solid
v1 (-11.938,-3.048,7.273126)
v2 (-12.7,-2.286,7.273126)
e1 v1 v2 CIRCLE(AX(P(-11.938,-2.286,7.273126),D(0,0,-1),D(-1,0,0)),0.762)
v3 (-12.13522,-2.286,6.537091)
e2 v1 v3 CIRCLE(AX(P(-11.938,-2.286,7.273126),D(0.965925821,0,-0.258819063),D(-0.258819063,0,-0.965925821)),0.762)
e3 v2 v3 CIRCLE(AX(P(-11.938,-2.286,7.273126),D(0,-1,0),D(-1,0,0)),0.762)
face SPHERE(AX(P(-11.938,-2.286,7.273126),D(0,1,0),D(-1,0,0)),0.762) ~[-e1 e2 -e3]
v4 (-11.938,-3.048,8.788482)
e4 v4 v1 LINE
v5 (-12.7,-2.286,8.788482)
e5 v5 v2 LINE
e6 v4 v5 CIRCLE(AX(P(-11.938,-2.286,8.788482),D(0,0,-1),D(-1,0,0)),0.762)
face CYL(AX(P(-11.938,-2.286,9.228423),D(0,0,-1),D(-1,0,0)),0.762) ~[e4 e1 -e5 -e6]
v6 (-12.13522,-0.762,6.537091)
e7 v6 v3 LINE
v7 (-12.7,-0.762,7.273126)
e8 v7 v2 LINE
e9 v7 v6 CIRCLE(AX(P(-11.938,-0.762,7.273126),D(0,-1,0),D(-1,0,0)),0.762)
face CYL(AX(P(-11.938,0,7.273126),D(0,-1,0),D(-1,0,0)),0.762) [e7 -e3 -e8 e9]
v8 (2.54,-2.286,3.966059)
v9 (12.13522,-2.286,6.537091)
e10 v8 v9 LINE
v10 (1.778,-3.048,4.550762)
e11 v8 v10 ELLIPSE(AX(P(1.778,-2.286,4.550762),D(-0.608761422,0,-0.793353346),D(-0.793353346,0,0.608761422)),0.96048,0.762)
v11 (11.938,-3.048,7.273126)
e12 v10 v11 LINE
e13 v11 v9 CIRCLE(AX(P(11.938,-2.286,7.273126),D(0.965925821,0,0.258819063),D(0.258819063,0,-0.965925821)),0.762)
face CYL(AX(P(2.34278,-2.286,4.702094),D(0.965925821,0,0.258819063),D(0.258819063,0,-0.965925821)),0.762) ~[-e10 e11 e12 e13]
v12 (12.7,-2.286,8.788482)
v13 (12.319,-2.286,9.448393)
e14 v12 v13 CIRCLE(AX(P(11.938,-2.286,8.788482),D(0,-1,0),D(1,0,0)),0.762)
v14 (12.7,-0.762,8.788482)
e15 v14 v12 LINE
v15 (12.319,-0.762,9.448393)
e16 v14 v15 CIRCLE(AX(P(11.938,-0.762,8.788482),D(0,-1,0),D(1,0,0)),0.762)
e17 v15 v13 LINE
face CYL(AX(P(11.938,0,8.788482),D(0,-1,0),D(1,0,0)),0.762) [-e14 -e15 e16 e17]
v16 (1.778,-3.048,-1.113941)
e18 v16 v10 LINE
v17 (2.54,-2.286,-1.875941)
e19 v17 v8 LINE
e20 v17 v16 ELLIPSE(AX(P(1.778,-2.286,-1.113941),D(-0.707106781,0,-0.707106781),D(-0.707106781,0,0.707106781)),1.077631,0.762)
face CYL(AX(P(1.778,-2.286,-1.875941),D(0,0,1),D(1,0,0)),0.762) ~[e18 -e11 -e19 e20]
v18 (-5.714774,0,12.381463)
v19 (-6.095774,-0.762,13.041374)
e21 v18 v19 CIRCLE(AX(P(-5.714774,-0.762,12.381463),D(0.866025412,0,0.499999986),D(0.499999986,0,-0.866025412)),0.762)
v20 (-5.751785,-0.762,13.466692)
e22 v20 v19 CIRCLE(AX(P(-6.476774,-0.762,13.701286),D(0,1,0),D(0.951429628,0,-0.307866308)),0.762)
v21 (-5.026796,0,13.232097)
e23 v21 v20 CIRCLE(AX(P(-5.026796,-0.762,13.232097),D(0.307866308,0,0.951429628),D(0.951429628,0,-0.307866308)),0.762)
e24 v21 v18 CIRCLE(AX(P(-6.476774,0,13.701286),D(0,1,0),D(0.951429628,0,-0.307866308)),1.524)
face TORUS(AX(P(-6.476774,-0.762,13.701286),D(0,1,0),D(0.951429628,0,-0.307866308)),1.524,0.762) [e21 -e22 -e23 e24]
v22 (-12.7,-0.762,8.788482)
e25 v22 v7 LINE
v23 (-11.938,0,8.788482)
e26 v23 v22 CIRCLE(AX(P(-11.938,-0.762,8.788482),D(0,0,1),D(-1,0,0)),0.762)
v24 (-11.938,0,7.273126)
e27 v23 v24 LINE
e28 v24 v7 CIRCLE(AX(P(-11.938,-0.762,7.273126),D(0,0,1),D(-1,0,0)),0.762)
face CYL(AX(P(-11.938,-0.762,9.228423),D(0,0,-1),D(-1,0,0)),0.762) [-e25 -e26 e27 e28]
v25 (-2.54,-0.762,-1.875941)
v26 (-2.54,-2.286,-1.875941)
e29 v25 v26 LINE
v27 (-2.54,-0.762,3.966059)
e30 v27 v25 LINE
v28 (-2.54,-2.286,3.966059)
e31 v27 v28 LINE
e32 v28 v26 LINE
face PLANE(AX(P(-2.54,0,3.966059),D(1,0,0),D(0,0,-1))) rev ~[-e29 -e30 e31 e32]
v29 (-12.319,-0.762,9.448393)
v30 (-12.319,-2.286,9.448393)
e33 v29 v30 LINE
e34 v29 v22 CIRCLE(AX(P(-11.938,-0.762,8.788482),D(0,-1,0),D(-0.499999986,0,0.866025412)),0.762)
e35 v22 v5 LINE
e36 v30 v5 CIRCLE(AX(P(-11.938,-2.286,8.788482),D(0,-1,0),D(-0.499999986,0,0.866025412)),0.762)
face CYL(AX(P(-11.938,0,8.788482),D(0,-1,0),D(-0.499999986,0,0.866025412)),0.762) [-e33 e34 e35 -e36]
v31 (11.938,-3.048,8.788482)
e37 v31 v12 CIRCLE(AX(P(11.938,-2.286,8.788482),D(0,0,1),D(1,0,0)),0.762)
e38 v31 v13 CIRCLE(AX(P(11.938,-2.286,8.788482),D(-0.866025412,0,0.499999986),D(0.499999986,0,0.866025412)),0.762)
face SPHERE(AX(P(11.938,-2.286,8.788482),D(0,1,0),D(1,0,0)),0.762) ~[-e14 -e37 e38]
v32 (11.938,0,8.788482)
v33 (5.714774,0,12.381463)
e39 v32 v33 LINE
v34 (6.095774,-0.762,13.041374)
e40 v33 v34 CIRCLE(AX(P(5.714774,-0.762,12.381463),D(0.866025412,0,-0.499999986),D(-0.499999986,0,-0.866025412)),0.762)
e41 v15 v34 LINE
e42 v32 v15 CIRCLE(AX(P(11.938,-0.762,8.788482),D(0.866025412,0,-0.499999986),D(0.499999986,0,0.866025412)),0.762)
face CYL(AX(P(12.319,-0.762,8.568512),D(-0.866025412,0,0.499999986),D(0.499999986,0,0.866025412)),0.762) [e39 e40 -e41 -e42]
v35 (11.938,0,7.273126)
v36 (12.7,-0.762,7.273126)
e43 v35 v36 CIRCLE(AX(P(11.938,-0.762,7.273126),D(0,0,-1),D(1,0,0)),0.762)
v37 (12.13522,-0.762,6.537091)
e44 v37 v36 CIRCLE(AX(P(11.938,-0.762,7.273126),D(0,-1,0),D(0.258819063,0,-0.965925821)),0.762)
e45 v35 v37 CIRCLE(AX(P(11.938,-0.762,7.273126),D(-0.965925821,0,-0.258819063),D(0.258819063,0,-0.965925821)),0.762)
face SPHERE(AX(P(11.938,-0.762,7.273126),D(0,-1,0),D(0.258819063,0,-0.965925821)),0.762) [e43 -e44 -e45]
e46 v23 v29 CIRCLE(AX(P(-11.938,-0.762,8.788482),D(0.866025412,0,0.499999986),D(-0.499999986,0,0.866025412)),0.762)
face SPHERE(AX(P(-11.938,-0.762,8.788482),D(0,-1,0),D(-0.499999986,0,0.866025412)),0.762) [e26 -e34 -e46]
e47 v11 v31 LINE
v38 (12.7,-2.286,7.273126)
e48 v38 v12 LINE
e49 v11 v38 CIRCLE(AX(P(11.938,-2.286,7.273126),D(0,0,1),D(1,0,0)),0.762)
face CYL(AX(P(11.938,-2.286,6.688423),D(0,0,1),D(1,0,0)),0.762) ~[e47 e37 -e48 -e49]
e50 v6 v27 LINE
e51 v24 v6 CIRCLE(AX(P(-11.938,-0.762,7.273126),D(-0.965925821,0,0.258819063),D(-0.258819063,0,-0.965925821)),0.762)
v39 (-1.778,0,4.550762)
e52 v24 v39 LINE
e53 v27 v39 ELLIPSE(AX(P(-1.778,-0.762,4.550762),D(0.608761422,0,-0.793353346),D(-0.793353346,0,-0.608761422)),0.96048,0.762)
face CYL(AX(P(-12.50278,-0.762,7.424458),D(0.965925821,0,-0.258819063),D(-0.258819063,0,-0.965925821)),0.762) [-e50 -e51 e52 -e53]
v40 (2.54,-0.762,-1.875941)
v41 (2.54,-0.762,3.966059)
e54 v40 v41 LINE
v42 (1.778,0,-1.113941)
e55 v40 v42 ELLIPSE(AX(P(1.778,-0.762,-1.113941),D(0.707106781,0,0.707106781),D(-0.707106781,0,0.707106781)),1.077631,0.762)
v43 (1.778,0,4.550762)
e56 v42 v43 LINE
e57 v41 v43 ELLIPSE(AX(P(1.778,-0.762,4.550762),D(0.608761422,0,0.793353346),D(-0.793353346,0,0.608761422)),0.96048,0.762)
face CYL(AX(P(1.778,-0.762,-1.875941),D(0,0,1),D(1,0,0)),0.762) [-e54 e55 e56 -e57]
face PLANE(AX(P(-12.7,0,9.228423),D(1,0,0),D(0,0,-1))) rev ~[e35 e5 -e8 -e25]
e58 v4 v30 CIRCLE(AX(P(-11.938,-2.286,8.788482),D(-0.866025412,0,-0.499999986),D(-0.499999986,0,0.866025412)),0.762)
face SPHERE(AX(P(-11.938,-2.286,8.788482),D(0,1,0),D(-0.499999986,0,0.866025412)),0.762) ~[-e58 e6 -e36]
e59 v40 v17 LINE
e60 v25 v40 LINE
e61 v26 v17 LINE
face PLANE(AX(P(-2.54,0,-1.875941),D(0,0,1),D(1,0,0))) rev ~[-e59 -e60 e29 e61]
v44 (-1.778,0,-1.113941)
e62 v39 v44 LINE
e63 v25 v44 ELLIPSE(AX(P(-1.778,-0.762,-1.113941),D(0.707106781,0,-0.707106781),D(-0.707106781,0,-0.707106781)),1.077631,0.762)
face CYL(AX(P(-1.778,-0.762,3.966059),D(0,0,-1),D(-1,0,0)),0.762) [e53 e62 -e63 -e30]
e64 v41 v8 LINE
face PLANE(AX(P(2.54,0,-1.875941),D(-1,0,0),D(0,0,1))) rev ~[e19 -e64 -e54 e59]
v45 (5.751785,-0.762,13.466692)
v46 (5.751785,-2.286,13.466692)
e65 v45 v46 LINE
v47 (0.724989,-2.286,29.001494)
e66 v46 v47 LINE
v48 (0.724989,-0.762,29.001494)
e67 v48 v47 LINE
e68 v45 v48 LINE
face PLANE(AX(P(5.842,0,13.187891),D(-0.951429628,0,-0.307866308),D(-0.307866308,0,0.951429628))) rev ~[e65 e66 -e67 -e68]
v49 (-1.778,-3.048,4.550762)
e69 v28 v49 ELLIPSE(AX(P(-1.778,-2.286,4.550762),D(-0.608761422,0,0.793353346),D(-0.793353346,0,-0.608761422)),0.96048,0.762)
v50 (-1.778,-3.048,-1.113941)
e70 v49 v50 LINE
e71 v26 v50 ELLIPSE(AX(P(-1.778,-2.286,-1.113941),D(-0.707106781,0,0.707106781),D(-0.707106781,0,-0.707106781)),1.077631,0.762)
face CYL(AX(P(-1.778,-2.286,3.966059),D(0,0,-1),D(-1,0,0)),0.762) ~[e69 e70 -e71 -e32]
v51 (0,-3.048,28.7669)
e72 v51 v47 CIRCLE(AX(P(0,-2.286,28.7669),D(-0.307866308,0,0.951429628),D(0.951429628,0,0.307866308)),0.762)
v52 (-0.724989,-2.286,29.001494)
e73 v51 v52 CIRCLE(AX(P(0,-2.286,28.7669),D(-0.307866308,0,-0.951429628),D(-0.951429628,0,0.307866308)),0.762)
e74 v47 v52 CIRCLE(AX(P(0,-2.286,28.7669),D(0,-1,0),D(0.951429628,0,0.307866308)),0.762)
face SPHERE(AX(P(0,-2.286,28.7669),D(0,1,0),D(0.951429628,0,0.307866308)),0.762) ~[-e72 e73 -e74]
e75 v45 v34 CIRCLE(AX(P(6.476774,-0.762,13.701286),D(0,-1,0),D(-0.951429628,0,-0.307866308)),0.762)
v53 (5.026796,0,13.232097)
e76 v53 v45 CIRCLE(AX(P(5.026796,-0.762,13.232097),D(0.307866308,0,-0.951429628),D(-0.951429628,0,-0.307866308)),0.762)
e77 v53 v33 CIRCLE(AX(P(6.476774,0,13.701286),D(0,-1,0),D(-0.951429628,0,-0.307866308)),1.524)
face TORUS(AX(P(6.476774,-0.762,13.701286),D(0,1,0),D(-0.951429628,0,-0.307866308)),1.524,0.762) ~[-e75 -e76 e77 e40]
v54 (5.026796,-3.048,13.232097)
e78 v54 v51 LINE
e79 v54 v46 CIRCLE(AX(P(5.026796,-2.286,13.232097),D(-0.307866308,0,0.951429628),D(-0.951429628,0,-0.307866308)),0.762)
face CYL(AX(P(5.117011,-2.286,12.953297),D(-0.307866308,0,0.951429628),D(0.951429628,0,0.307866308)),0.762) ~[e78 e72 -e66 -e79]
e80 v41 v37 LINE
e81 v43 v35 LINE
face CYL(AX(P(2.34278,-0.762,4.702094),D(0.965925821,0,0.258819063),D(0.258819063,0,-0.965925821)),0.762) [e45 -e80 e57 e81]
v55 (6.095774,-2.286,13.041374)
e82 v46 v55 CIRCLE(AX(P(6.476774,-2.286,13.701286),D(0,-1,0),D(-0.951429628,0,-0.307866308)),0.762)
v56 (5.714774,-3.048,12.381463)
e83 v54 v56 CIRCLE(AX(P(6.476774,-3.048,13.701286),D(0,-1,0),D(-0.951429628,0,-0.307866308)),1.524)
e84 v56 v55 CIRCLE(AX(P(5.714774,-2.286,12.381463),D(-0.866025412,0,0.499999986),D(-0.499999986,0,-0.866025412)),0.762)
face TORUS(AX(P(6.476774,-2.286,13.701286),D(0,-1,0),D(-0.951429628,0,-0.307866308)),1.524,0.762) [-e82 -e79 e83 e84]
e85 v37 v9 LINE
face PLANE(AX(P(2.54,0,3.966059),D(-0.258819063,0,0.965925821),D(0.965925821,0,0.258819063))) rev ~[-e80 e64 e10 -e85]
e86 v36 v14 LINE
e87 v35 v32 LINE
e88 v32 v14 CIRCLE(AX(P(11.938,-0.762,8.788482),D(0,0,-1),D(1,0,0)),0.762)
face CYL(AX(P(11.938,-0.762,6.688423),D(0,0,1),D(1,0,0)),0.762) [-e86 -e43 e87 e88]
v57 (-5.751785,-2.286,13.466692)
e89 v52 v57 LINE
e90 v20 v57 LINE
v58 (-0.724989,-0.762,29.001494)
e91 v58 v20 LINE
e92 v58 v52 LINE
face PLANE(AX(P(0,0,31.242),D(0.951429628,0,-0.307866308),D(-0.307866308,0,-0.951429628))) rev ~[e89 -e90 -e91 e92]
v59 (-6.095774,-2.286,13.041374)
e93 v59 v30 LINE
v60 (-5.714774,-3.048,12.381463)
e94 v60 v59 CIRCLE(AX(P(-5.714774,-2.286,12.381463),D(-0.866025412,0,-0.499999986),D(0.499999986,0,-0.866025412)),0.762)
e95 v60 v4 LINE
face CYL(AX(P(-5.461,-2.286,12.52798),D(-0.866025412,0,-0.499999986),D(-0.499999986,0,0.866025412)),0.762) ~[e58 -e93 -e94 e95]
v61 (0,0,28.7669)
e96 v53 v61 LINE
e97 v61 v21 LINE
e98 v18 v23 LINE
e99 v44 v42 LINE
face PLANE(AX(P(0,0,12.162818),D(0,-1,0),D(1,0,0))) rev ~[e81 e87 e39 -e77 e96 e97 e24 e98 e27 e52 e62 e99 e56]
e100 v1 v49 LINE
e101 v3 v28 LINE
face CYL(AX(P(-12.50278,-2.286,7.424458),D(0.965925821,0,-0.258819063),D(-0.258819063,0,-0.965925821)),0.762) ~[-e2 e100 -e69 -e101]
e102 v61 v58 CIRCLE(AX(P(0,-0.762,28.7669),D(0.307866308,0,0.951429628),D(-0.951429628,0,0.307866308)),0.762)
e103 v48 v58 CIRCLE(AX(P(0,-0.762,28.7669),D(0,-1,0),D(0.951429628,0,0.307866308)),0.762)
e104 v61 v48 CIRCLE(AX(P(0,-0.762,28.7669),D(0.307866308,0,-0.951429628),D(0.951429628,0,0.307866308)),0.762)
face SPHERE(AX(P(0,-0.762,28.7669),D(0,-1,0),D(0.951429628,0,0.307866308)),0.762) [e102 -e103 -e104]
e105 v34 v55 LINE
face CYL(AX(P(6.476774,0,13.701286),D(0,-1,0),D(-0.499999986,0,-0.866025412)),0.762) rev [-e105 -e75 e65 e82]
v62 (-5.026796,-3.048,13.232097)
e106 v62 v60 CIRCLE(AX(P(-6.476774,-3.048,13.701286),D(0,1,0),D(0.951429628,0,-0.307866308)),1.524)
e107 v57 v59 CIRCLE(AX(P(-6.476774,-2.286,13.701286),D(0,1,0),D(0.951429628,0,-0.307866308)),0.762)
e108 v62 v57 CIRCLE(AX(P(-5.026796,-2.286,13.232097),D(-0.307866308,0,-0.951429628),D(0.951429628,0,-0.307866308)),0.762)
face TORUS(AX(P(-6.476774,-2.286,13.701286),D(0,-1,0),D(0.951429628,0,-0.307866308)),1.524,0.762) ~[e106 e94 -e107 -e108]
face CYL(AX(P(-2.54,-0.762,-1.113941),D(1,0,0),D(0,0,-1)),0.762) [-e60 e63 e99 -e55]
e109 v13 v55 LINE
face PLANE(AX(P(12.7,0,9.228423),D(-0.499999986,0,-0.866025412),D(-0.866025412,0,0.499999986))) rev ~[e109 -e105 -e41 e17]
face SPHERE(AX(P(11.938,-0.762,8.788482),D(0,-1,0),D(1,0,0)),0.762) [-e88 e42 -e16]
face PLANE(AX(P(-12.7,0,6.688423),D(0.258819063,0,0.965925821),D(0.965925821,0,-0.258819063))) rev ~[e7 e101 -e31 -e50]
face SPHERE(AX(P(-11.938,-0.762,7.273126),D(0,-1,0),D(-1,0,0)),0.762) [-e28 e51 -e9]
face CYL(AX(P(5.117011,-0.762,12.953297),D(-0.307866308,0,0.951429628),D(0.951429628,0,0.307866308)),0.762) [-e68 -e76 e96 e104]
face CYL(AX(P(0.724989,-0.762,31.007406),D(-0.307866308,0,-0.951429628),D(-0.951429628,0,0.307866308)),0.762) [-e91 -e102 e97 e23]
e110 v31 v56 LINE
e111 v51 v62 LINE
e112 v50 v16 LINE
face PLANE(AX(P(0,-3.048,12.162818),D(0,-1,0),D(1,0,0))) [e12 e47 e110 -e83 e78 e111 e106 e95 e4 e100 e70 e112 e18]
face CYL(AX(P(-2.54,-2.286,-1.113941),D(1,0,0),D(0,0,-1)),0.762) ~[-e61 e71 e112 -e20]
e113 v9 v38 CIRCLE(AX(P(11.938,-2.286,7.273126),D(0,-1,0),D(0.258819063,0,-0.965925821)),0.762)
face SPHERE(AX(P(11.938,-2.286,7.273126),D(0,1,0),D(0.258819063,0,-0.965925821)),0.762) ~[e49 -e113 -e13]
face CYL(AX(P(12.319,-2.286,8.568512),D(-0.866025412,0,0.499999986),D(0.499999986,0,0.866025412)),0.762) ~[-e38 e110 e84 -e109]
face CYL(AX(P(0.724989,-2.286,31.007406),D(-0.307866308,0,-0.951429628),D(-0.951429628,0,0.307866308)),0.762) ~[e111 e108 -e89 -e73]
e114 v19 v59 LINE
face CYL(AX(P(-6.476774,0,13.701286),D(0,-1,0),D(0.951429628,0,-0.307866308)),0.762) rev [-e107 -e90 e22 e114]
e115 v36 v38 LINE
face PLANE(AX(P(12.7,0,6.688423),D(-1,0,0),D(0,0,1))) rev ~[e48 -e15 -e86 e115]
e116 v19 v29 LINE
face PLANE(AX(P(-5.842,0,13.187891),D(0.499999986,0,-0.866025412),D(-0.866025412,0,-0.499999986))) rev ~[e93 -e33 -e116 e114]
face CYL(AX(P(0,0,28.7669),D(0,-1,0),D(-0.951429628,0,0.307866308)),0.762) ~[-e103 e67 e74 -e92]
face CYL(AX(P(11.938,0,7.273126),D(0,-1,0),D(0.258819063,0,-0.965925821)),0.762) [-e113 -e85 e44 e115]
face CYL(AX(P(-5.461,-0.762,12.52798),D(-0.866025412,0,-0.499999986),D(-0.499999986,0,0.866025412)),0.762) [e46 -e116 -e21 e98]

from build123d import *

# Parameters (mm, degrees)
F1_DEPTH = 3.048
F2_R     = 0.762


with BuildPart() as f1:
    # F0 (on Front) → F1 (new body)
    with BuildSketch(Plane.XZ):
        Polygon((0, 31.242), (-5.842, 13.187891), (-12.7, 9.228423), (-12.7, 6.688423), (-2.54, 3.966059), (-2.54, -1.875941), (2.54, -1.875941), (2.54, 3.966059), (12.7, 6.688423), (12.7, 9.228423), (5.842, 13.187891), align=None)
    extrude(amount=F1_DEPTH)

    # F2
    f2_edges = [f1.edges().sort_by_distance(p)[0] for p in [
        (0, -1.524, 31.242),
        (5.842, -1.524, 13.187891),
        (12.7, -1.524, 9.228423),
        (12.7, -1.524, 6.688423),
        (-5.842, -1.524, 13.187891),
        (-12.7, -1.524, 9.228423),
        (-12.7, -1.524, 6.688423),
        (2.54, 0, 1.045059),
        (2.54, -3.048, 1.045059),
        (-2.54, -3.048, 1.045059),
        (-2.54, 0, 1.045059),
        (2.921, -3.048, 22.214946),
        (-2.921, -3.048, 22.214946),
        (-9.271, -3.048, 11.208157),
        (-12.7, -3.048, 7.958423),
        (-7.62, -3.048, 5.327241),
        (0, -3.048, -1.875941),
        (7.62, -3.048, 5.327241),
        (12.7, -3.048, 7.958423),
        (9.271, -3.048, 11.208157),
        (2.921, 0, 22.214946),
        (-2.921, 0, 22.214946),
        (-9.271, 0, 11.208157),
        (-12.7, 0, 7.958423),
        (-7.62, 0, 5.327241),
        (0, 0, -1.875941),
        (7.62, 0, 5.327241),
        (12.7, 0, 7.958423),
        (9.271, 0, 11.208157),
    ]]
    fillet(f2_edges, radius=F2_R)


solid = f1.part
